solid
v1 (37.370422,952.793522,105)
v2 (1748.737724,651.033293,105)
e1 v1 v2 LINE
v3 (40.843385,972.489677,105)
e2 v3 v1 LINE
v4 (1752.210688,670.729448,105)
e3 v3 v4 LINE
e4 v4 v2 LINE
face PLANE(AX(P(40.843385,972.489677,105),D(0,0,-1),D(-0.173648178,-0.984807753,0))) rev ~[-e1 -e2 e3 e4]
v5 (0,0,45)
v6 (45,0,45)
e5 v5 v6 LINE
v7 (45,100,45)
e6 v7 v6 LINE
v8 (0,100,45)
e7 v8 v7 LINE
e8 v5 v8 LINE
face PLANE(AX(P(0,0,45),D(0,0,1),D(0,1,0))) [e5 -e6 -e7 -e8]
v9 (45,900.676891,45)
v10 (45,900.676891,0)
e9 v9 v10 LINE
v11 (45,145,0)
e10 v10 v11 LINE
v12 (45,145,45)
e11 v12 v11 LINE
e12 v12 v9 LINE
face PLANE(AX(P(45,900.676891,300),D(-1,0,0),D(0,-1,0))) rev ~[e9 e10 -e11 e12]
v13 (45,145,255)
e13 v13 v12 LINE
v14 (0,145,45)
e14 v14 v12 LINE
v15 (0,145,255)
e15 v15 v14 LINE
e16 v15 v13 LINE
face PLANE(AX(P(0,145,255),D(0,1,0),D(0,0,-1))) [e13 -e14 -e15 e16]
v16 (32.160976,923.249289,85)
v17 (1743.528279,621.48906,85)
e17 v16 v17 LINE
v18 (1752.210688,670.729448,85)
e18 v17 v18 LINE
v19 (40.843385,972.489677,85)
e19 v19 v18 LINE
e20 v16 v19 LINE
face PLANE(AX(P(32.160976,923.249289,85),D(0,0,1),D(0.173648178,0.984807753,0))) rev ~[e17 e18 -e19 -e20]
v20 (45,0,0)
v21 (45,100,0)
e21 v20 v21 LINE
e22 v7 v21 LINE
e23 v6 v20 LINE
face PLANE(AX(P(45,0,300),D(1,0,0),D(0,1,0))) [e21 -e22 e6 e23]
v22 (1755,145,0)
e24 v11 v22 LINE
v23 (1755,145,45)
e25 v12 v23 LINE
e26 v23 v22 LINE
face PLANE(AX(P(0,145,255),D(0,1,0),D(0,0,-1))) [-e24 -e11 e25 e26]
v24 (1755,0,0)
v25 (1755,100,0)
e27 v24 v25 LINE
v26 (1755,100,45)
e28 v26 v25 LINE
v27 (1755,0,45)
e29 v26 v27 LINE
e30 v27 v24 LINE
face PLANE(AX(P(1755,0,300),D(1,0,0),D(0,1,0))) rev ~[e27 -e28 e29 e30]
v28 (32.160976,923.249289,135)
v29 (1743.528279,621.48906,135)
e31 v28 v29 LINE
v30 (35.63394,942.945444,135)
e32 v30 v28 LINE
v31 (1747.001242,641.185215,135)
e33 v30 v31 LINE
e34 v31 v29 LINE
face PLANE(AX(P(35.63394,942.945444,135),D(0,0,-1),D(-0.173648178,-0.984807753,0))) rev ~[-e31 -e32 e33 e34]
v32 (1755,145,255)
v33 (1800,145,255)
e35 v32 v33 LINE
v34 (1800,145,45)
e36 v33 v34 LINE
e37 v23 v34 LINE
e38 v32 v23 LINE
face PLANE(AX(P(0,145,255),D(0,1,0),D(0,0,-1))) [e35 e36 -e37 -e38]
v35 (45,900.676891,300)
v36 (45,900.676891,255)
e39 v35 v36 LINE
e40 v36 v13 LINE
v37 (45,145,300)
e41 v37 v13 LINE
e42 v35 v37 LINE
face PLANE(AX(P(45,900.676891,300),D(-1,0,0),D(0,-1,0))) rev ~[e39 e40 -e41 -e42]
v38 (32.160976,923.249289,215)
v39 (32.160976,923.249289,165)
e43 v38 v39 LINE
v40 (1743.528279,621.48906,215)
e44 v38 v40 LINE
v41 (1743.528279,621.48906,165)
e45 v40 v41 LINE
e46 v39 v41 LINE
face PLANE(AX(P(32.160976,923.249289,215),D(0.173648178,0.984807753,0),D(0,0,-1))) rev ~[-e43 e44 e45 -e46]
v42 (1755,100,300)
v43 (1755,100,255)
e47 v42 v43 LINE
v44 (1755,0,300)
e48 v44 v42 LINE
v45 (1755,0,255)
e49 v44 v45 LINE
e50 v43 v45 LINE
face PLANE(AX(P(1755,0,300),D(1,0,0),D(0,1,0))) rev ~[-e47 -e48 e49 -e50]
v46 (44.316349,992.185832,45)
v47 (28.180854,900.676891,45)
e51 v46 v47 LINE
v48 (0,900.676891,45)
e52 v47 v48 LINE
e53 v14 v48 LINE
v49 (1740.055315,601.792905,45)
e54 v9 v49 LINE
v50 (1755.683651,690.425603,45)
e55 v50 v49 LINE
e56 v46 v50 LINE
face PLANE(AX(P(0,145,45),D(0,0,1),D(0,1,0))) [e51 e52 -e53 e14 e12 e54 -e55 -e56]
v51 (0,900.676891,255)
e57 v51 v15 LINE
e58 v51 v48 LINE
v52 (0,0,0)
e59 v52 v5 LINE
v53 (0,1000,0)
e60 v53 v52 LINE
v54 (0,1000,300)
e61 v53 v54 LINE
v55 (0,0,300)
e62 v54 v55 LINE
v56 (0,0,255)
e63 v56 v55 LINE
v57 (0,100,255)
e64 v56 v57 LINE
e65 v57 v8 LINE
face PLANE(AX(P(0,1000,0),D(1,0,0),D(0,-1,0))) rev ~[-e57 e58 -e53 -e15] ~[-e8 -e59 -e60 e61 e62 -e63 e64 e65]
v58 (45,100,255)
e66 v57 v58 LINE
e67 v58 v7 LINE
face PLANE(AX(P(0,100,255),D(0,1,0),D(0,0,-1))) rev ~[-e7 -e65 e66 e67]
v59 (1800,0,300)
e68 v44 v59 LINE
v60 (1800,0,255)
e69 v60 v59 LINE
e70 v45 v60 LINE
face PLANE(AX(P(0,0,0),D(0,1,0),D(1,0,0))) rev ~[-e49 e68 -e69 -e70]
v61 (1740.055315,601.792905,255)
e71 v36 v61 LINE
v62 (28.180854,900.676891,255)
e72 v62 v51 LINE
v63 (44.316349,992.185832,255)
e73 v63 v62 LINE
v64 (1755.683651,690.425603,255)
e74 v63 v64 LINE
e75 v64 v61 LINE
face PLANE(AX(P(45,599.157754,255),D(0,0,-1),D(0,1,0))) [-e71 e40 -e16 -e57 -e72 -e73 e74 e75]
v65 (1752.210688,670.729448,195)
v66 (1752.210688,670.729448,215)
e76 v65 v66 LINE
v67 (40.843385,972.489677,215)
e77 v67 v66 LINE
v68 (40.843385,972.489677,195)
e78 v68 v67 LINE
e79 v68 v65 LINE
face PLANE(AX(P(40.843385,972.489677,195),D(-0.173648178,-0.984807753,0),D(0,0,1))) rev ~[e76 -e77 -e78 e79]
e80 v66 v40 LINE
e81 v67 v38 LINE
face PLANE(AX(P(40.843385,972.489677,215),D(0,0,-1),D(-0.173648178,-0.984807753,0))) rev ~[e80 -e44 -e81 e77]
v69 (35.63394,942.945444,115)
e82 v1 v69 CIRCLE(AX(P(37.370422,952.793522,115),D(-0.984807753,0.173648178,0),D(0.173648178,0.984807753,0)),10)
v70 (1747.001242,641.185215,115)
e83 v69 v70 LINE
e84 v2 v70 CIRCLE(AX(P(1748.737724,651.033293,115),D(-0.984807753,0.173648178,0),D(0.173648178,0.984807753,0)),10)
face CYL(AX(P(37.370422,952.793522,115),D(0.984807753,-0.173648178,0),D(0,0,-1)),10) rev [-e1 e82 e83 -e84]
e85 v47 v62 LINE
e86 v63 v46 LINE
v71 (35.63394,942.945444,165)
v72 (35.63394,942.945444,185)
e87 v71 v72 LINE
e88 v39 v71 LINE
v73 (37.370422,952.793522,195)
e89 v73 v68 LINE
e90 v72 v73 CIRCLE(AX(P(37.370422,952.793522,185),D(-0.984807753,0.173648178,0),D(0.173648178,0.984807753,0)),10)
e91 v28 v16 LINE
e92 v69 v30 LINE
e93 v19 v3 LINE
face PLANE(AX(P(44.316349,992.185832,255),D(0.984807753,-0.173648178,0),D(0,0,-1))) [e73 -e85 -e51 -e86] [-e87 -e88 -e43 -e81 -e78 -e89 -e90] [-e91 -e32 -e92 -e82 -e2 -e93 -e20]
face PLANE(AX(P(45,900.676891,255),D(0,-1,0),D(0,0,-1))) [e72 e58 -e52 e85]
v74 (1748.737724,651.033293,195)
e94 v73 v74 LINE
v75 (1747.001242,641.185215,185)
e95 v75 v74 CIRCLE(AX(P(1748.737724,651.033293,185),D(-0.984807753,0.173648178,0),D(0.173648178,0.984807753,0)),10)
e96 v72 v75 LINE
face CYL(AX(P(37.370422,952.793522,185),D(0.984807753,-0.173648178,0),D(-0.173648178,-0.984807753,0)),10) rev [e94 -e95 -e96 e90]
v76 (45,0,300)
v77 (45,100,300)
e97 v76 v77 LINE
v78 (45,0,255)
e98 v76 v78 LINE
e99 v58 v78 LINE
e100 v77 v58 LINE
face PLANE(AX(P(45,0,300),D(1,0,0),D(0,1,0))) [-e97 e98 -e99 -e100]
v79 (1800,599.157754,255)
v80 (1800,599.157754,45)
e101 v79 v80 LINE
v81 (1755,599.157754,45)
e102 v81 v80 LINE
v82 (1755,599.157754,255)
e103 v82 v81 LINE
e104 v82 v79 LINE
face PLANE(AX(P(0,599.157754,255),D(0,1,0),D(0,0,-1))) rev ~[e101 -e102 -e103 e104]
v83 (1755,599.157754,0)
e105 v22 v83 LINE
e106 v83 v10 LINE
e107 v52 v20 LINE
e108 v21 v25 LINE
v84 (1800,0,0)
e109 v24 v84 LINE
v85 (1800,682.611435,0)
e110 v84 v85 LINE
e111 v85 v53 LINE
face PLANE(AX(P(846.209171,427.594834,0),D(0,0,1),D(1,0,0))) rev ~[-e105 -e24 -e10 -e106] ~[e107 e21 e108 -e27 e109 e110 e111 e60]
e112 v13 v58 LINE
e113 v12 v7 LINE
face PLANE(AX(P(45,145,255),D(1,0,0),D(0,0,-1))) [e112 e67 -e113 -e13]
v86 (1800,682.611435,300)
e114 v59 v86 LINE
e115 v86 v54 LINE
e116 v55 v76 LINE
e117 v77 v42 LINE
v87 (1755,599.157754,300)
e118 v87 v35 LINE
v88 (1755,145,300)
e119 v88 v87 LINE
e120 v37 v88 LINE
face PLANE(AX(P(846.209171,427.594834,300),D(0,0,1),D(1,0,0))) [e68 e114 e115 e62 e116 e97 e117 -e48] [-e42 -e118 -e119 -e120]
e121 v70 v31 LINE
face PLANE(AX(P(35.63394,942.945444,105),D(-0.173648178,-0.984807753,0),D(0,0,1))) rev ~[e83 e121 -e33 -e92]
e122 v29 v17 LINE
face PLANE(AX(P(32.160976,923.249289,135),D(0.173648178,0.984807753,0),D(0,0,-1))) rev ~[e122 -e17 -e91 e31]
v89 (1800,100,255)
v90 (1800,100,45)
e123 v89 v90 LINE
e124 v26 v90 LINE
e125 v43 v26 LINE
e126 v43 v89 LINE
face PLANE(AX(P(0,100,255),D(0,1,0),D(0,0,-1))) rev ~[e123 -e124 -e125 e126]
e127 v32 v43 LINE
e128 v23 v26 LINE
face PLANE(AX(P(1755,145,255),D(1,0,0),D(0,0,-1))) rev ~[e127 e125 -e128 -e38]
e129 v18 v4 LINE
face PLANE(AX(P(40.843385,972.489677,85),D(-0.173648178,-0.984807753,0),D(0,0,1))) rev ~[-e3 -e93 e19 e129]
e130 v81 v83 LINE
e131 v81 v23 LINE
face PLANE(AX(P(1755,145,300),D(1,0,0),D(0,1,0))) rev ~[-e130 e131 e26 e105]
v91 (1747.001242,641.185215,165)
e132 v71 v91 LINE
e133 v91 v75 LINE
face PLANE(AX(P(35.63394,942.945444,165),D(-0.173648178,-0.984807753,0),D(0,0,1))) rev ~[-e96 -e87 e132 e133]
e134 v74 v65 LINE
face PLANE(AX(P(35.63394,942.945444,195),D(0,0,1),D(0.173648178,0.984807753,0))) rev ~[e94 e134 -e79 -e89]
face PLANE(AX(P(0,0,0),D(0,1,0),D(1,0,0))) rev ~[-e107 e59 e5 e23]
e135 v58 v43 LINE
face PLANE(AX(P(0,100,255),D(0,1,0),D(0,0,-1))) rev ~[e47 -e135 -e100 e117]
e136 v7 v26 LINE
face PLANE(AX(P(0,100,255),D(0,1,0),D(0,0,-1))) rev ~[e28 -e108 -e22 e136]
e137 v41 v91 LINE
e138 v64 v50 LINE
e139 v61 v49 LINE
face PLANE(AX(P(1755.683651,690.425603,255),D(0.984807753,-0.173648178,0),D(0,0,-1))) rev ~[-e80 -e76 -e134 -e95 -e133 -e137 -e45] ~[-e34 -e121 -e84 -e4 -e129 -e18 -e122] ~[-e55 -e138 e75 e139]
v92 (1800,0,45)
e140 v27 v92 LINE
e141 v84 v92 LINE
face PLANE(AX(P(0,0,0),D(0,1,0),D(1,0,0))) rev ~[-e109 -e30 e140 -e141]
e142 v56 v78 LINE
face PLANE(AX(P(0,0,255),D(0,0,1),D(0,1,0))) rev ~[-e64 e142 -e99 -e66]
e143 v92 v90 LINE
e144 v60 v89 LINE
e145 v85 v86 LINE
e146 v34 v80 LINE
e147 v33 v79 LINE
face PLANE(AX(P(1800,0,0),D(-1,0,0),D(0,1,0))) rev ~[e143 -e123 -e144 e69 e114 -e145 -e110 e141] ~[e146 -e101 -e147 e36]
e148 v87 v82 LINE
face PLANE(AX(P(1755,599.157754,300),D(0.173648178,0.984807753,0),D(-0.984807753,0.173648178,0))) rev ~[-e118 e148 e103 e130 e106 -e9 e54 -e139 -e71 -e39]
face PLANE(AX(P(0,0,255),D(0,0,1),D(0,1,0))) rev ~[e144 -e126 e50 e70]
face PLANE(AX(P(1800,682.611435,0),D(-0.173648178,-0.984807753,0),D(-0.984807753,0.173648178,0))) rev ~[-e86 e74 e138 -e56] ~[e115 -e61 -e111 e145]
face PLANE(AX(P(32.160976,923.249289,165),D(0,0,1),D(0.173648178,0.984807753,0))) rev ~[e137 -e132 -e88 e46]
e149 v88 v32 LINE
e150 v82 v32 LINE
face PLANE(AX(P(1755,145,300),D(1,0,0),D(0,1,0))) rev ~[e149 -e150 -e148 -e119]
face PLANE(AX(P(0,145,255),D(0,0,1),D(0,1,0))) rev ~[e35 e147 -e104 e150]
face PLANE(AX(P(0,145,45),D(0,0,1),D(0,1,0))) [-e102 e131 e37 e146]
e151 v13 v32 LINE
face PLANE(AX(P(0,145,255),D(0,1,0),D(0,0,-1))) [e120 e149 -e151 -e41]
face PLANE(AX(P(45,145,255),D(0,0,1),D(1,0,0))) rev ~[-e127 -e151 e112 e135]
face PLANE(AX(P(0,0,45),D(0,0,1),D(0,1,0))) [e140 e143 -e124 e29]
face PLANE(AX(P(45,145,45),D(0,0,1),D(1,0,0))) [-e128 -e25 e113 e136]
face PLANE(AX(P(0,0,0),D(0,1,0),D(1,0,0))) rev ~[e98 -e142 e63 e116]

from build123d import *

# Parameters (mm, degrees)
RESSALTO_EXTRUS_O1_DEPTH = 300
ESBO_O2_W                = 1710
ESBO_O2_H                = 100
CORTE_EXTRUS_O1_DEPTH    = 300
CORTE_EXTRUS_O2_START    = -1800
ESBO_O3_W                = 210
ESBO_O3_H                = 454.157753787
ESBO_O3_H_2              = 100
CORTE_EXTRUS_O2_DEPTH    = 1800
ESBO_O4_W                = 1710
ESBO_O4_H                = 210
CORTE_EXTRUS_O3_DEPTH    = 45
ESBO_O5_W                = 210
ESBO_O5_H                = 301.519137011
CORTE_EXTRUS_O4_DEPTH    = 45
ESBO_O6_W                = 1737.767901394
ESBO_O6_H                = 210
CORTE_EXTRUS_O5_DEPTH    = 150
RESSALTO_EXTRUS_O2_DEPTH = 1737.767901394
FILETE1_R                = 10


with BuildPart() as part:
    # Esboço1 → Ressalto-extrusão1 (new body)
    with BuildSketch(Plane.XY):
        Polygon((0, 1000), (0, 0), (1800, 0), (1800, 682.611434725), align=None)
    extrude(amount=RESSALTO_EXTRUS_O1_DEPTH)

    # Esboço2 → Corte-extrusão1 (cut)
    with BuildSketch(Plane.XY.offset(300)):
        with Locations((900, 50)):
            Rectangle(ESBO_O2_W, ESBO_O2_H)
        Polygon((45, 900.676890798), (45, 145), (1755, 145), (1755, 599.157753787), align=None)
    extrude(amount=-CORTE_EXTRUS_O1_DEPTH, mode=Mode.SUBTRACT)

    # Esboço3 → Corte-extrusão2 (cut)
    with BuildSketch(Plane(origin=(1800, 0, 0), x_dir=(0, 0, -1), z_dir=(1, 0, 0)).offset(CORTE_EXTRUS_O2_START)):
        with Locations((-150, 372.078876894)):
            Rectangle(ESBO_O3_W, ESBO_O3_H)
        with Locations((-150, 50)):
            Rectangle(ESBO_O3_W, ESBO_O3_H_2)
    extrude(amount=CORTE_EXTRUS_O2_DEPTH, mode=Mode.SUBTRACT)

    # Esboço4 → Corte-extrusão3 (cut)
    with BuildSketch(Plane(origin=(0, 145, 0), x_dir=(1, 0, 0), z_dir=(0, 1, 0))):
        with Locations((900, -150)):
            Rectangle(ESBO_O4_W, ESBO_O4_H)
    extrude(amount=-CORTE_EXTRUS_O3_DEPTH, mode=Mode.SUBTRACT)

    # Esboço5 → Corte-extrusão4 (cut)
    with BuildSketch(Plane(origin=(45, 0, 0), x_dir=(0, 0, -1), z_dir=(1, 0, 0))):
        with Locations((-150, 749.917322293)):
            Rectangle(ESBO_O5_W, ESBO_O5_H)
    extrude(amount=-CORTE_EXTRUS_O4_DEPTH, mode=Mode.SUBTRACT)

    # Esboço6 → Corte-extrusão5 (cut)
    with BuildSketch(Plane(origin=(171.010071663, 969.846310393, 0), x_dir=(0.9848077530122075, -0.17364817766693394, 0), z_dir=(0.17364817766693397, 0.9848077530122076, 0))):
        with Locations((740.23577303, -150)):
            Rectangle(ESBO_O6_W, ESBO_O6_H)
    extrude(amount=-CORTE_EXTRUS_O5_DEPTH, mode=Mode.SUBTRACT)

    # Esboço8 → Ressalto-extrusão2 (add)
    with BuildSketch(Plane(origin=(-126.693722777, 22.339521612, 0), x_dir=(0, 0, -1), z_dir=(0.9848077530122076, -0.173648177666934, 0))):
        Polygon((-215, 964.807753012), (-215, 914.807753012), (-165, 914.807753012), (-165, 934.807753012), (-195, 934.807753012), (-195, 964.807753012), align=None)
        Polygon((-135, 914.807753012), (-85, 914.807753012), (-85, 964.807753012), (-105, 964.807753012), (-105, 934.807753012), (-135, 934.807753012), align=None)
    extrude(amount=RESSALTO_EXTRUS_O2_DEPTH)

    # Filete1
    filete1_edges = [part.edges().sort_by_distance(p)[0] for p in [
        (891.317591116, 792.065329712, 195),
        (891.317591116, 792.065329712, 105),
    ]]
    fillet(filete1_edges, radius=FILETE1_R)


solid = part.part
